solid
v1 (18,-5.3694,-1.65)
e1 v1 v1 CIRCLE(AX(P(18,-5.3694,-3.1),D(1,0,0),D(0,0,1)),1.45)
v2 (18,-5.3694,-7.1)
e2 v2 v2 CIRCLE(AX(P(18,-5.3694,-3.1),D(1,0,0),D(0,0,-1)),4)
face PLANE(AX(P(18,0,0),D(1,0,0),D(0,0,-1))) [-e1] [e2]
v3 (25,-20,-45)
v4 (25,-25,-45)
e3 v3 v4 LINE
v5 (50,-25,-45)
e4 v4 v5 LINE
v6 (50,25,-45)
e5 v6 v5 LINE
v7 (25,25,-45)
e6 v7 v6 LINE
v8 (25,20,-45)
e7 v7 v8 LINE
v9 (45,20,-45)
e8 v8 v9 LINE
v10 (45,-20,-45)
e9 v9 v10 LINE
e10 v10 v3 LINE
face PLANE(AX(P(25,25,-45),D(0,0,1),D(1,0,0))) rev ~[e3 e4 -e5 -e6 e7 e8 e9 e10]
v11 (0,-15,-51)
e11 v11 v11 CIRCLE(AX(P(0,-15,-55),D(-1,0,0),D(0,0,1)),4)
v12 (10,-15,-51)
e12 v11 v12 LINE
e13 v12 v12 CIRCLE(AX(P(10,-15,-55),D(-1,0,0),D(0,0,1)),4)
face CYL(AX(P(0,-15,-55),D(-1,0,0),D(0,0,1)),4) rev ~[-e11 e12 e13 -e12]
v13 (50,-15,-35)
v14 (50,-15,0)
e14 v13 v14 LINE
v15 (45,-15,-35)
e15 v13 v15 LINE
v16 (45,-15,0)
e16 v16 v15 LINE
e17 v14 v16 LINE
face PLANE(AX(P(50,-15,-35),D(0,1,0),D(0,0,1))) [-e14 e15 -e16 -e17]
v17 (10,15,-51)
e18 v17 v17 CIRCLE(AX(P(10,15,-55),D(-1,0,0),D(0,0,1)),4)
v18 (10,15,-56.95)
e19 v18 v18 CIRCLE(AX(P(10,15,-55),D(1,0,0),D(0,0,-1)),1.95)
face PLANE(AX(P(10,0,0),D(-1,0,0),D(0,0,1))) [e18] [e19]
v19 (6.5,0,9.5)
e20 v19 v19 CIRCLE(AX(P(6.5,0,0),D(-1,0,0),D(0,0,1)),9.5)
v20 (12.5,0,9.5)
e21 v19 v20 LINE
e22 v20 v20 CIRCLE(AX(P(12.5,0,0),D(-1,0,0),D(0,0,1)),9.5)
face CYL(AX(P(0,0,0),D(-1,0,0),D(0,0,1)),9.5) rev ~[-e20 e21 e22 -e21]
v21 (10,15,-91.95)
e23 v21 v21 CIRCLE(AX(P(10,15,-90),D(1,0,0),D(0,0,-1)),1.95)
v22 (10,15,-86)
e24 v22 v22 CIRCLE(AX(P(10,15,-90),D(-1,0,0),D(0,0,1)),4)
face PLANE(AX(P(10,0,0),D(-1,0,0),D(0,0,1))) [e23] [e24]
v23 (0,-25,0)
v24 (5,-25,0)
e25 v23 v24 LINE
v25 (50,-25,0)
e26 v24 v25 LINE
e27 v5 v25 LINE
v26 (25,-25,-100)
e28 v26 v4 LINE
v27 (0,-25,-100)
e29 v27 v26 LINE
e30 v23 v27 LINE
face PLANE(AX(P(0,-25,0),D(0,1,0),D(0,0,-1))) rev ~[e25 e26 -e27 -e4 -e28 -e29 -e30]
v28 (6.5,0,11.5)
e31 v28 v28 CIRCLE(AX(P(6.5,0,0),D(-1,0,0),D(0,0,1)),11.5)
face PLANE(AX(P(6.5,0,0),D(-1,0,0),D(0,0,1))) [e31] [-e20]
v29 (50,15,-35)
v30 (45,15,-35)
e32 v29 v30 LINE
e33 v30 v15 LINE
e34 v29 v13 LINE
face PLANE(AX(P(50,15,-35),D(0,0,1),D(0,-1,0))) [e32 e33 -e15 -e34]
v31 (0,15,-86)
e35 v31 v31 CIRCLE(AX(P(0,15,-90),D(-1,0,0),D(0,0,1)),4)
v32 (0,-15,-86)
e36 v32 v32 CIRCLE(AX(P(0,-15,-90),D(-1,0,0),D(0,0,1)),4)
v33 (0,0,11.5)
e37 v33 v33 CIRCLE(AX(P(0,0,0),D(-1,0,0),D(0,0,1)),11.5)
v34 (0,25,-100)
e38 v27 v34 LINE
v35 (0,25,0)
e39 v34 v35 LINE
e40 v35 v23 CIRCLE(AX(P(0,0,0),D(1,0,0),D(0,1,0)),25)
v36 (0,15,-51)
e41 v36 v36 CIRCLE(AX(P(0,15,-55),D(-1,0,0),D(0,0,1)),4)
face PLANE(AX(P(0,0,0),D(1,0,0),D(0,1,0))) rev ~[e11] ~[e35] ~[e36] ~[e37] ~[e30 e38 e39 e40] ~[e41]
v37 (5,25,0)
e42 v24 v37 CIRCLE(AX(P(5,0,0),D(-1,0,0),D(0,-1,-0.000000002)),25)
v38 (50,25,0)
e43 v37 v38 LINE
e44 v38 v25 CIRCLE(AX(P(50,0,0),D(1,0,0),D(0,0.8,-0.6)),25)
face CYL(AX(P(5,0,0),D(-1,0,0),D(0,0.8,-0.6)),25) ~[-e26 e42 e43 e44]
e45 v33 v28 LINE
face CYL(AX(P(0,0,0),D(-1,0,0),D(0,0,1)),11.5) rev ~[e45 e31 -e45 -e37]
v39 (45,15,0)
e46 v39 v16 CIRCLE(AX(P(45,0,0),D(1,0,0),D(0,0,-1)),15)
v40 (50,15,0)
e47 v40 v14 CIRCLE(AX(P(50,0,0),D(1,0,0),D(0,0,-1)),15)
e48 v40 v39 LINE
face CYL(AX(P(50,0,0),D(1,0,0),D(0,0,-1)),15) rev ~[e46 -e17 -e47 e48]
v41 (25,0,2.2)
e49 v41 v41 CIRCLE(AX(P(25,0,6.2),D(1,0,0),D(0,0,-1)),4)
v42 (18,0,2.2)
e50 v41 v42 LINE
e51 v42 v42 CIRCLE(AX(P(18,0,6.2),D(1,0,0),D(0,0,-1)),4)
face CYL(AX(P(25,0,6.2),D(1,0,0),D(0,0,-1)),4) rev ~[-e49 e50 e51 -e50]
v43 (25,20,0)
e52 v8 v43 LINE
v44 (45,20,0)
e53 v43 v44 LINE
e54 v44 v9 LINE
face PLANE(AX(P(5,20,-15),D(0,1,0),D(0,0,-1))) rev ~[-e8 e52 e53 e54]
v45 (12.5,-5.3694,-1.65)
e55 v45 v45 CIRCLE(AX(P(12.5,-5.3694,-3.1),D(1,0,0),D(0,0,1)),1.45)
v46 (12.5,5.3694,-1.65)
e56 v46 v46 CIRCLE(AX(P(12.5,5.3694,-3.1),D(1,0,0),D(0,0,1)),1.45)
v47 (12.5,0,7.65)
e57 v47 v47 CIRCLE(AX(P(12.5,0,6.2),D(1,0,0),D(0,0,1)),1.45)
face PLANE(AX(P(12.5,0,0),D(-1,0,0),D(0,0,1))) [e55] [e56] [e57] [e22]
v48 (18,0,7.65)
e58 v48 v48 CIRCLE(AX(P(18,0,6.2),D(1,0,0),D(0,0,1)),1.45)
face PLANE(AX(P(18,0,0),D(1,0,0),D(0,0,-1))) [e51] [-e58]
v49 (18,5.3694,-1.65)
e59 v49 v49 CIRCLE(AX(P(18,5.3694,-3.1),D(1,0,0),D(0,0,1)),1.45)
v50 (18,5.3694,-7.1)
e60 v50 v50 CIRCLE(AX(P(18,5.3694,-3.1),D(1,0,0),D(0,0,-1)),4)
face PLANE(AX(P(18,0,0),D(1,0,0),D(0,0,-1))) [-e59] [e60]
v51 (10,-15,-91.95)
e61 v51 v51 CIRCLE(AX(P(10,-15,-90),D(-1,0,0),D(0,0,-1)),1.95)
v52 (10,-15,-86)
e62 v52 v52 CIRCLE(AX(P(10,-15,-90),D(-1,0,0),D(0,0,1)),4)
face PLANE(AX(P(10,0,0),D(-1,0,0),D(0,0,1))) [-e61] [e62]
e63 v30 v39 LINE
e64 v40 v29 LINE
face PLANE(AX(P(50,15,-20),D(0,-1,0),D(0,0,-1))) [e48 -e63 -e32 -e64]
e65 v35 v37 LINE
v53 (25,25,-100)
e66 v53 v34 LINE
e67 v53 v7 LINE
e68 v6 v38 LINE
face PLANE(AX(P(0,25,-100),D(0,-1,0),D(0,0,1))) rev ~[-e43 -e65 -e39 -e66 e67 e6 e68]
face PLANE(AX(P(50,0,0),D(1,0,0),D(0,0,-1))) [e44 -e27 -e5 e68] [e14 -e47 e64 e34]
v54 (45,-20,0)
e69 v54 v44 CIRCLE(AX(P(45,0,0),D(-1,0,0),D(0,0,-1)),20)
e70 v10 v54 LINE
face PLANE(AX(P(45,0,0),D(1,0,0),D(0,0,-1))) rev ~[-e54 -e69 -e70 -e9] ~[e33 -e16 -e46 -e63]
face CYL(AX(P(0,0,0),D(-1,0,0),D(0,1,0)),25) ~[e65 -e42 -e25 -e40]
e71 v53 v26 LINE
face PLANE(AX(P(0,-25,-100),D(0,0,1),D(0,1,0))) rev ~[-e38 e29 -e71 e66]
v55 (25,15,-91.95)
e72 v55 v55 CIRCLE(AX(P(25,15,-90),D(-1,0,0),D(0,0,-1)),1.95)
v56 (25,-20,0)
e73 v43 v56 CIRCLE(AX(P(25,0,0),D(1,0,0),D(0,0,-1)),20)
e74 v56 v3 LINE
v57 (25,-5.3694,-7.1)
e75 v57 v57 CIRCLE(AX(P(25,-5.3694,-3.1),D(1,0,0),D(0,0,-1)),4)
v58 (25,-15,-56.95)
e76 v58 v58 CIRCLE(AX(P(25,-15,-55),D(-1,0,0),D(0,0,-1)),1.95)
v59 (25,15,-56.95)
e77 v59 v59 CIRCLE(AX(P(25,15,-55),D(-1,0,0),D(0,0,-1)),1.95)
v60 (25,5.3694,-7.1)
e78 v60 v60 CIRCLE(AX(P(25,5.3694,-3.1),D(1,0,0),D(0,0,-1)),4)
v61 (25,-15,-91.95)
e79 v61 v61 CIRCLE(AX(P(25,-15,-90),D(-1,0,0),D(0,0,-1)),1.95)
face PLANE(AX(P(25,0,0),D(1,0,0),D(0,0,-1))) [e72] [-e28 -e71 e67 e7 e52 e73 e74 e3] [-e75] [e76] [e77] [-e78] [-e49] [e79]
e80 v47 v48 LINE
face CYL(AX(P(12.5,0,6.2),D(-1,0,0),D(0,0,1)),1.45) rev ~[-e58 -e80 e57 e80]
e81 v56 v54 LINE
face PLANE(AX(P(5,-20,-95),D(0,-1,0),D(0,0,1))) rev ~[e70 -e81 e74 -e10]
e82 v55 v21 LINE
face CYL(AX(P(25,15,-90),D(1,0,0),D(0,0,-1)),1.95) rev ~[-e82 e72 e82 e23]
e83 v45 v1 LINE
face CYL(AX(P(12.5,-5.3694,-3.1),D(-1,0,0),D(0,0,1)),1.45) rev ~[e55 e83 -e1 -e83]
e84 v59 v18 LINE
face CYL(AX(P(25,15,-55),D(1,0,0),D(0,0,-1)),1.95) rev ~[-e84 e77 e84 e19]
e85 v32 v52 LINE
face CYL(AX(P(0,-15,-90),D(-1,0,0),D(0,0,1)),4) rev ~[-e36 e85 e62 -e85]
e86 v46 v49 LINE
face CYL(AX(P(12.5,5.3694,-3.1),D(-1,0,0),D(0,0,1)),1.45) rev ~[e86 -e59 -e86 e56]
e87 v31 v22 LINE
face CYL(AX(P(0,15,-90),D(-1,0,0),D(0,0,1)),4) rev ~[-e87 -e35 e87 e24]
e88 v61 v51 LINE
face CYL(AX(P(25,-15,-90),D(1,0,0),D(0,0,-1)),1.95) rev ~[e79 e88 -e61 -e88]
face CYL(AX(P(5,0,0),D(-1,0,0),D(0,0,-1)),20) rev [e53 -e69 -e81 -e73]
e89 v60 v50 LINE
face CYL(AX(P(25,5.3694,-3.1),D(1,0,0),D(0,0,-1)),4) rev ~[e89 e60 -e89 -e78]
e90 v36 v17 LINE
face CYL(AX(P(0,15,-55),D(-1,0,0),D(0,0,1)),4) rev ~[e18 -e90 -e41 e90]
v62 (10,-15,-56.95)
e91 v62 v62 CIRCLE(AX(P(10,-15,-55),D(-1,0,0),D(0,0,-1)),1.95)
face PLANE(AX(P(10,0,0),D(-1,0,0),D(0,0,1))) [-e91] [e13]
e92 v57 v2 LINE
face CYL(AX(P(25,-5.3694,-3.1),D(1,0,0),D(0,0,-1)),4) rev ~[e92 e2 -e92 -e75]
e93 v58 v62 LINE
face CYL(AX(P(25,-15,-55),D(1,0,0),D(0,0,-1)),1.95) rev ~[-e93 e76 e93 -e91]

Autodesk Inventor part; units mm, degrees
ref_plane "YZ Plane" through (0, 0, 0) normal (1, 0, 0) x (0, 1, 0)
ref_plane "XZ Plane" through (0, 0, 0) normal (0, 1, 0) x (-1, 0, 0)
ref_plane "XY Plane" through (0, 0, 0) normal (0, 0, 1) x (1, 0, 0)
sketch "Sketch1" plane through (0, 0, 0) normal (1, 0, 0) x (0, 1, 0)
  line L0 (25, 22.5) -> (-25, 22.5)
  line L1 (-25, 22.5) -> (-25, -100)
  line L2 (-25, -100) -> (25, -100)
  line L3 (25, -100) -> (25, 22.5)
  circle A0 centre (0, 0) radius 25
  circle A1 centre (0, 0) radius 20
  circle A2 centre (0, 0) radius 3.2936
  point P0 (25, 0)
  point P1 (-25, 0)
  dimension "d0" = 50
  dimension "d1" = 122.5
  dimension "d2" = 25
  dimension "d3" = 22.5
  dimension "d12" = 40
  dimension "d13" = 6.5872
extrude "Extrusion1" add sketch "Sketch1" along normal blind 5 contours A0 L0 | L0 A0 | L3 L2 L1 A0 | A1
sketch "Sketch4" plane through (5, 0, 0) normal (1, 0, 0) x (0, 0, -1)
  line L0 (100, -25) -> (100, 25) projected
  line L1 (100, 25) -> (0, 25) projected
  line L2 (100, -25) -> (0, -25)
  line L3 (0, -25) -> (0, 25)
  line L4 (0, 25) -> (100, 25)
  line L5 (100, 25) -> (100, -25)
  circle A0 centre (0, 0) radius 3.2936 projected
  arc A1 (15, 20) -> (15, -20) centre (0, 0) ccw
  circle A2 centre (0, 0) radius 20
  line L6 (0, 20) -> (95, 20)
  line L7 (95, 20) -> (95, -20)
  line L8 (95, -20) -> (0, -20)
  line L9 (0, -20) -> (0, 20)
  point P0 (0, -20)
  dimension "d15" = 40
  dimension "d14" = 50
  dimension "d16" = 5
  dimension "d17" = 5
extrude "Extrusion3" add sketch "Sketch4" along normal blind 45 contours L2 A1 L8 L7 L6 L1 L0 | A1 L3 A2 | L3 L8 A1 | A1 L6 L3
sketch "Sketch5" plane through (50, 0, 0) normal (1, 0, 0) x (0, 0, -1)
  line L0 (100, -25) -> (100, 25) projected
  line L1 (0, 25) -> (100, 25)
  line L2 (100, 25) -> (100, -25)
  line L3 (100, -25) -> (0, -25)
  line L4 (0, -25) -> (0, 25)
  circle A0 centre (0, 0) radius 25
  arc A1 (0, 20) -> (0, -20) centre (0, 0) ccw projected
  circle A2 centre (0, 0) radius 15
  line L5 (0, 15) -> (35, 15)
  line L6 (35, 15) -> (35, -15)
  line L7 (35, -15) -> (0, -15)
  line L8 (0, -15) -> (0, 15)
  point P0 (0, -15)
  point P1 (100, 25)
  dimension "d20" = 30
  dimension "d21" = 10
  dimension "d22" = 50
  dimension "d23" = 35
extrude "Extrusion4" add sketch "Sketch5" against normal blind 5 contours L3 A0 L7 L6 L5 L1 L0 | A0 L4 A1 | L4 L7 A0 | A0 L5 L4 | A1 L4 A2
sketch "Sketch6" plane through (5, 0, 0) normal (1, 0, 0) x (0, 0, -1)
  circle A0 centre (0, 0) radius 20
  line L0 (95, 20) -> (0, 20) projected
  line L1 (0, -20) -> (95, -20) projected
  line L2 (0, 20) -> (22, 20)
  line L3 (22, 20) -> (22, -20)
  line L4 (22, -20) -> (0, -20)
  line L5 (0, -20) -> (0, 20)
  dimension "d26" = 22
extrude "Extrusion5" add sketch "Sketch6" along normal blind 20
sketch "Sketch7" plane through (0, 0, 0) normal (-1, 0, 0) x (0, 0, 1)
  circle A0 centre (0, 0) radius 9.5
  dimension "d29" = 19
extrude "Extrusion6" cut sketch "Sketch7" against normal blind 12.5
sketch "Sketch8" plane through (0, 0, 0) normal (-1, 0, 0) x (0, 0, 1)
  circle A0 centre (0, 0) radius 11.5
  dimension "d32" = 23
extrude "Extrusion7" cut sketch "Sketch8" against normal blind 6.5
sketch "Sketch9" plane through (12.5, 0, 0) normal (-1, 0, 0) x (0, 0, 1)
  circle A0 centre (0, 0) radius 9.5 projected
  circle A1 centre (0, 0) radius 6.2
  line L0 (0, 0) -> (7.2952, 0)
  line L1 (0, 0) -> (-3.8354, 6.643)
  line L2 (0, 0) -> (-3.5239, -6.1036)
  circle A2 centre (-3.1, 5.3694) radius 1.45
  circle A3 centre (6.2, 0) radius 1.45
  circle A4 centre (-3.1, -5.3694) radius 1.45
  dimension "d35" = 12.4
  dimension "d36" = 120
  dimension "d37" = 120
  dimension "d38" = 2.9
  dimension "d39" = 2.9
  dimension "d40" = 2.9
extrude "Extrusion8" cut sketch "Sketch9" against normal blind 16 contours L0 A3 A1 | A1 A3 | A1 A3 L0 | A2 L1 A1 | A1 L1 A2 | A4 A1 | A1 L2 A4 | L1 A2 A1 | A1 A2 L1 | A1 A4 L2
sketch "Sketch10" plane through (25, 0, 0) normal (1, 0, 0) x (0, 0, -1)
  circle A0 centre (3.1, 5.3694) radius 1.45 projected
  circle A1 centre (3.1, 5.3694) radius 4
  circle A2 centre (3.1, -5.3694) radius 1.45 projected
  circle A3 centre (3.1, -5.3694) radius 4
  circle A4 centre (-6.2, 0) radius 1.45 projected
  circle A5 centre (-6.2, 0) radius 4
  point P0 (0, 0)
  dimension "d43" = 8
  dimension "d44" = 8
  dimension "d45" = 8
extrude "Extrusion9" cut sketch "Sketch10" against normal blind 7
sketch "Sketch11" plane through (0, 25, 0) normal (0, 1, 0) x (1, 0, 0)
  line L0 (0, 100) -> (50, 100) projected
  line L1 (0, 100) -> (0, 0) projected
  line L2 (50, 100) -> (0, 100)
  line L3 (0, 100) -> (0, 45)
  line L4 (0, 45) -> (50, 45)
  line L5 (50, 45) -> (50, 100)
  line L6 (50, 0) -> (50, 100) projected
  line L7 (50, 100) -> (25, 100)
  line L8 (25, 100) -> (25, 45)
  line L9 (25, 45) -> (50, 45)
  line L10 (50, 45) -> (50, 100)
  dimension "d48" = 55
extrude "Extrusion10" cut sketch "Sketch11" against normal blind 50 contours L0 L5 L4 L8
sketch "Sketch12" plane through (5, 0, 0) normal (1, 0, 0) x (0, 0, -1)
  line L0 (95, 20) -> (22, 20) projected
  line L1 (22, -20) -> (95, -20) projected
  line L2 (95, 20) -> (45, 20)
  line L3 (45, 20) -> (45, -20)
  line L4 (45, -20) -> (95, -20)
  line L5 (95, -20) -> (95, 20)
  point P0 (0, 0)
  dimension "d51" = 50
extrude "Extrusion11" add sketch "Sketch12" along normal blind 20
sketch "Sketch13" plane through (25, 25, -45) normal (1, 0, 0) x (0, 0, -1)
  line L0 (10, -10) -> (45, -10)
  line L1 (45, -10) -> (45, -40)
  line L2 (45, -40) -> (10, -40)
  line L3 (10, -40) -> (10, -10)
  line L4 (0, 0) -> (55, 0) projected
  line L5 (55, 0) -> (55, -50) projected
  line L6 (55, -50) -> (0, -50) projected
  line L7 (0, -50) -> (0, 0) projected
  circle A0 centre (10, -10) radius 1.95
  circle A1 centre (10, -40) radius 1.95
  circle A2 centre (45, -40) radius 1.95
  circle A3 centre (45, -10) radius 1.95
  point P0 (-45, -25)
  dimension "d54" = 10
  dimension "d55" = 10
  dimension "d56" = 10
  dimension "d57" = 10
  dimension "d58" = 3.9
  dimension "d59" = 3.9
  dimension "d60" = 3.9
  dimension "d61" = 3.9
extrude "Extrusion12" cut sketch "Sketch13" against normal blind 26 contours L3 A0 L0 | L0 A0 L3 | A3 L1 L0 | L0 L1 A3 | A1 L2 L3 | L3 L2 A1 | A2 L2 L1 | L1 L2 A2
sketch "Sketch14" plane through (0, 0, 0) normal (-1, 0, 0) x (0, 0, 1)
  circle A0 centre (-90, 15) radius 1.95 projected
  circle A1 centre (-90, 15) radius 4
  circle A2 centre (-55, 15) radius 1.95 projected
  circle A3 centre (-55, 15) radius 4
  circle A4 centre (-55, -15) radius 1.95 projected
  circle A5 centre (-55, -15) radius 4
  circle A6 centre (-90, -15) radius 1.95 projected
  circle A7 centre (-90, -15) radius 4
  point P0 (0, 0)
  dimension "d64" = 8
  dimension "d65" = 8
  dimension "d66" = 8
  dimension "d67" = 8
extrude "Extrusion13" cut sketch "Sketch14" against normal blind 10 contours A0 | A1 | A2 | A3 | A5 | A7
sketch "Sketch15" plane through (5, 0, 0) normal (1, 0, 0) x (0, 0, -1)
  line L0 (45, -20) -> (45, 20) projected
  line L1 (22, -20) -> (45, -20) projected
  line L2 (45, 20) -> (22, 20)
  line L3 (22, 20) -> (22, -20)
  line L4 (22, -20) -> (45, -20)
  line L5 (45, -20) -> (45, 20)
  point P0 (0, 0)
extrude "Extrusion14" add sketch "Sketch15" along normal blind 20
properties part number "Link2_v2a"
